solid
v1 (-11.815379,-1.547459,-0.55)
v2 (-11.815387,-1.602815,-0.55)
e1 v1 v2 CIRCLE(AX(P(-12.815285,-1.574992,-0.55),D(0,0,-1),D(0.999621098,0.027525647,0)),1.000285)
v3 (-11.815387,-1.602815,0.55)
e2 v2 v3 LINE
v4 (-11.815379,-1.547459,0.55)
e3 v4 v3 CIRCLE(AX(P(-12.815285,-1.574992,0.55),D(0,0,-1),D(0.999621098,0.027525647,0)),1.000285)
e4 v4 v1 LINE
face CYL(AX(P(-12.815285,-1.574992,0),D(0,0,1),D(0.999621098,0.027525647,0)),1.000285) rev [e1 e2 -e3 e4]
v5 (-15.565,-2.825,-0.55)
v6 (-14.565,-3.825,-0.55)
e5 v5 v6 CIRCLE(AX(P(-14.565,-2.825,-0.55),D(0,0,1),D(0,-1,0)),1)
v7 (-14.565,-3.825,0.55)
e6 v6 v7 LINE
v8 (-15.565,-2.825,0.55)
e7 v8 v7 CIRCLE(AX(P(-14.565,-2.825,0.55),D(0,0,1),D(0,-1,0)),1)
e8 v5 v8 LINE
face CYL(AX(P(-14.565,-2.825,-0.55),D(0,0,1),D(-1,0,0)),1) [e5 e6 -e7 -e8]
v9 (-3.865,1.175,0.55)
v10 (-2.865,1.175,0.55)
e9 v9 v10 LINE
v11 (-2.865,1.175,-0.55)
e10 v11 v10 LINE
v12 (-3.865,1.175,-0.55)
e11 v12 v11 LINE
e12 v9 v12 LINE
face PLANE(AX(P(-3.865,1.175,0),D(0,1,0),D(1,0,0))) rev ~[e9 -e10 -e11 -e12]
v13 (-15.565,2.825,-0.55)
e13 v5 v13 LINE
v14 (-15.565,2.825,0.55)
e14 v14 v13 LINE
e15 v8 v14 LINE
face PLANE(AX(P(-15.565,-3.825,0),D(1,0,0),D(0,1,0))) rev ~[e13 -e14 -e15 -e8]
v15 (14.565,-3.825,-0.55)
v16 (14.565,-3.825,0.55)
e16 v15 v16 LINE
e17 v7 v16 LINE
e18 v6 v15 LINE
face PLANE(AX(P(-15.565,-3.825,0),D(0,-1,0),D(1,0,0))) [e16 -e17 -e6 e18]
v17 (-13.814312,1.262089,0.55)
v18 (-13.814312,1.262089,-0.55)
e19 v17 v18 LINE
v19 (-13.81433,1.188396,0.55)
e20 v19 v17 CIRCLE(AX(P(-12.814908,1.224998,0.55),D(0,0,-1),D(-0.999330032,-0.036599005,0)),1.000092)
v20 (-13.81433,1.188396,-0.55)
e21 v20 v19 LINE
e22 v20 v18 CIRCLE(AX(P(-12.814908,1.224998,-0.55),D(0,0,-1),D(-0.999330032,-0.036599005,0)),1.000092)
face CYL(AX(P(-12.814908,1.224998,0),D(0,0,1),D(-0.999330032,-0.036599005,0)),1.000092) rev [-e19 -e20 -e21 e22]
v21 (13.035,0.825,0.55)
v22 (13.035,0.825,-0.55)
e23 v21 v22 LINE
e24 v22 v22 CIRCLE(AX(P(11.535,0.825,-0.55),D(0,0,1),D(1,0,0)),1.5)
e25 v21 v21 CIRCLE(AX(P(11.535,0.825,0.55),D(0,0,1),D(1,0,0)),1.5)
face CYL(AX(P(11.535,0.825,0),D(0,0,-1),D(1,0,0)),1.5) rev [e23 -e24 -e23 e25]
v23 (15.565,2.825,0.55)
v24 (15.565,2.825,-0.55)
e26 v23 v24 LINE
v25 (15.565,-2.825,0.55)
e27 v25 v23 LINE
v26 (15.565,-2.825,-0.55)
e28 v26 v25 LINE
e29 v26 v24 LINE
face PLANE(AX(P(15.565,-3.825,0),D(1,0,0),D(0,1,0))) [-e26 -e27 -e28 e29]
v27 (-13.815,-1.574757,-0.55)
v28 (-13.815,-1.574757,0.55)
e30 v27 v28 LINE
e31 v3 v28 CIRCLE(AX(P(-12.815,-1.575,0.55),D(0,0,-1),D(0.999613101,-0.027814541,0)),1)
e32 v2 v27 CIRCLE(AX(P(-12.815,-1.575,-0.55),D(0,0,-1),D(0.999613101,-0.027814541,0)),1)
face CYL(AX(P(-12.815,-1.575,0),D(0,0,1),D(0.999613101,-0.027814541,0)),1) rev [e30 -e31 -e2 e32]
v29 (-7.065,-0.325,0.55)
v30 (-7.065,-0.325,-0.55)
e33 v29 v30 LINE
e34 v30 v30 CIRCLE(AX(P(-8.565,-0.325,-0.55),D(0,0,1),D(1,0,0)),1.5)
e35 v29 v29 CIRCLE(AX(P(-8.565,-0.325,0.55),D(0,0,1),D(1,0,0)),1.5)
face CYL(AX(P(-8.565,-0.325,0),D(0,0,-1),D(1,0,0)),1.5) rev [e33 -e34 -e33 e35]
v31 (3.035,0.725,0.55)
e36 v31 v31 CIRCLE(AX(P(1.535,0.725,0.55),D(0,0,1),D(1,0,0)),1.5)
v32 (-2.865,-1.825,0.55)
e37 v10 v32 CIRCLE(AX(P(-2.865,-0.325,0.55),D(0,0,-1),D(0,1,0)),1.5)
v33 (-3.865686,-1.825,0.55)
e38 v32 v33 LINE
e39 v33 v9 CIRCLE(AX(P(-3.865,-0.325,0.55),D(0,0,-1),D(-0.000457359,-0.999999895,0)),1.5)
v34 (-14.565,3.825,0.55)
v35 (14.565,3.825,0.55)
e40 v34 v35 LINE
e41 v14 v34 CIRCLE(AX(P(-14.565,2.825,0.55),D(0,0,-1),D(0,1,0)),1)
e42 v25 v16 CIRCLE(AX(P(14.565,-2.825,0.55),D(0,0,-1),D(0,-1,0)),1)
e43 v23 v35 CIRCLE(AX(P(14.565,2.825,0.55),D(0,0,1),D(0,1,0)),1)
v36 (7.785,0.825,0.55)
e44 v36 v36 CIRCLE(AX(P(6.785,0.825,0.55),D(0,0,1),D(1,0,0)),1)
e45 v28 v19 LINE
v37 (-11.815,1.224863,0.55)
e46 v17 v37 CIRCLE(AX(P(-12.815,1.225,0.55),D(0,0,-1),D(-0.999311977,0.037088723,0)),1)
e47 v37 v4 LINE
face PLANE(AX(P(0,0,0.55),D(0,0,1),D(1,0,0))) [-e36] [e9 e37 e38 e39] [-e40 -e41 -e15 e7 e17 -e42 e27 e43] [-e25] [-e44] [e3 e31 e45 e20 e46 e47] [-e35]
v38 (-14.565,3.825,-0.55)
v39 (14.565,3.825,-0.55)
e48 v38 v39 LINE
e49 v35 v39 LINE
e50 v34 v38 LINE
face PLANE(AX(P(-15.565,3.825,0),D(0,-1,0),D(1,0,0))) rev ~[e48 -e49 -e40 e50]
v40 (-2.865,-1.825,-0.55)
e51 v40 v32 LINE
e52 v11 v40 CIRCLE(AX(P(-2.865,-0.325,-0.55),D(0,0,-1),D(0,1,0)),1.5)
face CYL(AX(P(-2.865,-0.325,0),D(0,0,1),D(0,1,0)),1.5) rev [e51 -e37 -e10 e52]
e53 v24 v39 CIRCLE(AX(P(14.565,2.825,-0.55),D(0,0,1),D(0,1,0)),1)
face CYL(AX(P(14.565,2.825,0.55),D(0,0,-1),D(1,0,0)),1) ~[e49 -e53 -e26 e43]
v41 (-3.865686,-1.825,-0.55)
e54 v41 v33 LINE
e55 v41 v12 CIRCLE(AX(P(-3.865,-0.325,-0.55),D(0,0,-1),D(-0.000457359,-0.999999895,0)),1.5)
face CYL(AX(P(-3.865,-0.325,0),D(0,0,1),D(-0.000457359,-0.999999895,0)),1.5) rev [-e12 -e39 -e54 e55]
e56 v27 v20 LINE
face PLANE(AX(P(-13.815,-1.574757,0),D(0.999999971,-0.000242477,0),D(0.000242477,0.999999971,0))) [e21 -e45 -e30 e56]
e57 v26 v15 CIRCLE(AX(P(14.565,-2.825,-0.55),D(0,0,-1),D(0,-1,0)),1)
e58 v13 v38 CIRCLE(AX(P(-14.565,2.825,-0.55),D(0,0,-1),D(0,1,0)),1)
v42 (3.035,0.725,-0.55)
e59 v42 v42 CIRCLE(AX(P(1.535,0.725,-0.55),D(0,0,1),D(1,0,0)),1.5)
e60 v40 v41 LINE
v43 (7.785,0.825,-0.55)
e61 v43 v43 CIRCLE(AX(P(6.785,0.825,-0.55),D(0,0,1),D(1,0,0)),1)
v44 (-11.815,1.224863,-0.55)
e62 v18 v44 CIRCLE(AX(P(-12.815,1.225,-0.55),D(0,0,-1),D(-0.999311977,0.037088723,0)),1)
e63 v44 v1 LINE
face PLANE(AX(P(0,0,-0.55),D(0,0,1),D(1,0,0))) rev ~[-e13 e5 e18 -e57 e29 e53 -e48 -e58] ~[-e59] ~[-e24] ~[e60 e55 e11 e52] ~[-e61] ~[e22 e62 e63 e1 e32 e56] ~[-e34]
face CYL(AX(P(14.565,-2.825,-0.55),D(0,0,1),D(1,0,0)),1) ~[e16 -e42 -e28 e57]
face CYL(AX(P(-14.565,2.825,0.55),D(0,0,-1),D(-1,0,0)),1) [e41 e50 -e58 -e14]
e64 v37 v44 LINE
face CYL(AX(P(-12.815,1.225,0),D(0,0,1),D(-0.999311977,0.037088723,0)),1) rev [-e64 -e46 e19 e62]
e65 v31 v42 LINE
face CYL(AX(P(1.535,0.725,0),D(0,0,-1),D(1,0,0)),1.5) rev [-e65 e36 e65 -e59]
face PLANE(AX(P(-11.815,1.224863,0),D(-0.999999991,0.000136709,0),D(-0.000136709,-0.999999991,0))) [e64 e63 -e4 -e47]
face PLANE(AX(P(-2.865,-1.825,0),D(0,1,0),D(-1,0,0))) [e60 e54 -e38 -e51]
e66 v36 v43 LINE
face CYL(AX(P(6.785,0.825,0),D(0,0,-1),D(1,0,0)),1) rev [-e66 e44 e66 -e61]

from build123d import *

# Parameters (mm, degrees)
F0_W     = 31.13
F0_H     = 7.65
F0_R     = 1.5
F0_R_2   = 1
F1_DEPTH = 0.55
F2_R     = 1


with BuildPart() as f1:
    # F0 (on Top) → F1 (new body, symmetric)
    with BuildSketch(Plane.XY):
        Rectangle(F0_W, F0_H)
        with BuildLine():
            ThreePointArc((-11.815387, -1.602815), (-12.82903, -2.574902), (-13.815, -1.574757))
            Line((-13.815, -1.574757), (-13.81433, 1.188396))
            ThreePointArc((-13.81433, 1.188396), (-13.815, 1.225243), (-13.814312, 1.262089))
            ThreePointArc((-13.814312, 1.262089), (-12.796384, 2.224827), (-11.815, 1.224863))
            Line((-11.815, 1.224863), (-11.815379, -1.547459))
            ThreePointArc((-11.815379, -1.547459), (-11.815, -1.575137), (-11.815387, -1.602815))
        make_face(mode=Mode.SUBTRACT)
        with Locations((-8.565, -0.325)):
            Circle(F0_R, mode=Mode.SUBTRACT)
        with BuildLine():
            ThreePointArc((-3.865686, -1.825), (-5.365, -0.324657), (-3.865, 1.175))
            Line((-3.865, 1.175), (-2.865, 1.175))
            ThreePointArc((-2.865, 1.175), (-1.365, -0.325), (-2.865, -1.825))
            Line((-2.865, -1.825), (-3.865686, -1.825))
        make_face(mode=Mode.SUBTRACT)
        with Locations((1.535, 0.725)):
            Circle(F0_R, mode=Mode.SUBTRACT)
        with Locations((6.785, 0.825)):
            Circle(F0_R_2, mode=Mode.SUBTRACT)
        with Locations((11.535, 0.825)):
            Circle(F0_R, mode=Mode.SUBTRACT)
    extrude(amount=F1_DEPTH, both=True)

    # F2
    f2_edges = [f1.edges().sort_by_distance(p)[0] for p in [
        (-15.565, 3.825, 0),
        (15.565, 3.825, 0),
        (15.565, -3.825, 0),
        (-15.565, -3.825, 0),
    ]]
    fillet(f2_edges, radius=F2_R)


solid = f1.part
